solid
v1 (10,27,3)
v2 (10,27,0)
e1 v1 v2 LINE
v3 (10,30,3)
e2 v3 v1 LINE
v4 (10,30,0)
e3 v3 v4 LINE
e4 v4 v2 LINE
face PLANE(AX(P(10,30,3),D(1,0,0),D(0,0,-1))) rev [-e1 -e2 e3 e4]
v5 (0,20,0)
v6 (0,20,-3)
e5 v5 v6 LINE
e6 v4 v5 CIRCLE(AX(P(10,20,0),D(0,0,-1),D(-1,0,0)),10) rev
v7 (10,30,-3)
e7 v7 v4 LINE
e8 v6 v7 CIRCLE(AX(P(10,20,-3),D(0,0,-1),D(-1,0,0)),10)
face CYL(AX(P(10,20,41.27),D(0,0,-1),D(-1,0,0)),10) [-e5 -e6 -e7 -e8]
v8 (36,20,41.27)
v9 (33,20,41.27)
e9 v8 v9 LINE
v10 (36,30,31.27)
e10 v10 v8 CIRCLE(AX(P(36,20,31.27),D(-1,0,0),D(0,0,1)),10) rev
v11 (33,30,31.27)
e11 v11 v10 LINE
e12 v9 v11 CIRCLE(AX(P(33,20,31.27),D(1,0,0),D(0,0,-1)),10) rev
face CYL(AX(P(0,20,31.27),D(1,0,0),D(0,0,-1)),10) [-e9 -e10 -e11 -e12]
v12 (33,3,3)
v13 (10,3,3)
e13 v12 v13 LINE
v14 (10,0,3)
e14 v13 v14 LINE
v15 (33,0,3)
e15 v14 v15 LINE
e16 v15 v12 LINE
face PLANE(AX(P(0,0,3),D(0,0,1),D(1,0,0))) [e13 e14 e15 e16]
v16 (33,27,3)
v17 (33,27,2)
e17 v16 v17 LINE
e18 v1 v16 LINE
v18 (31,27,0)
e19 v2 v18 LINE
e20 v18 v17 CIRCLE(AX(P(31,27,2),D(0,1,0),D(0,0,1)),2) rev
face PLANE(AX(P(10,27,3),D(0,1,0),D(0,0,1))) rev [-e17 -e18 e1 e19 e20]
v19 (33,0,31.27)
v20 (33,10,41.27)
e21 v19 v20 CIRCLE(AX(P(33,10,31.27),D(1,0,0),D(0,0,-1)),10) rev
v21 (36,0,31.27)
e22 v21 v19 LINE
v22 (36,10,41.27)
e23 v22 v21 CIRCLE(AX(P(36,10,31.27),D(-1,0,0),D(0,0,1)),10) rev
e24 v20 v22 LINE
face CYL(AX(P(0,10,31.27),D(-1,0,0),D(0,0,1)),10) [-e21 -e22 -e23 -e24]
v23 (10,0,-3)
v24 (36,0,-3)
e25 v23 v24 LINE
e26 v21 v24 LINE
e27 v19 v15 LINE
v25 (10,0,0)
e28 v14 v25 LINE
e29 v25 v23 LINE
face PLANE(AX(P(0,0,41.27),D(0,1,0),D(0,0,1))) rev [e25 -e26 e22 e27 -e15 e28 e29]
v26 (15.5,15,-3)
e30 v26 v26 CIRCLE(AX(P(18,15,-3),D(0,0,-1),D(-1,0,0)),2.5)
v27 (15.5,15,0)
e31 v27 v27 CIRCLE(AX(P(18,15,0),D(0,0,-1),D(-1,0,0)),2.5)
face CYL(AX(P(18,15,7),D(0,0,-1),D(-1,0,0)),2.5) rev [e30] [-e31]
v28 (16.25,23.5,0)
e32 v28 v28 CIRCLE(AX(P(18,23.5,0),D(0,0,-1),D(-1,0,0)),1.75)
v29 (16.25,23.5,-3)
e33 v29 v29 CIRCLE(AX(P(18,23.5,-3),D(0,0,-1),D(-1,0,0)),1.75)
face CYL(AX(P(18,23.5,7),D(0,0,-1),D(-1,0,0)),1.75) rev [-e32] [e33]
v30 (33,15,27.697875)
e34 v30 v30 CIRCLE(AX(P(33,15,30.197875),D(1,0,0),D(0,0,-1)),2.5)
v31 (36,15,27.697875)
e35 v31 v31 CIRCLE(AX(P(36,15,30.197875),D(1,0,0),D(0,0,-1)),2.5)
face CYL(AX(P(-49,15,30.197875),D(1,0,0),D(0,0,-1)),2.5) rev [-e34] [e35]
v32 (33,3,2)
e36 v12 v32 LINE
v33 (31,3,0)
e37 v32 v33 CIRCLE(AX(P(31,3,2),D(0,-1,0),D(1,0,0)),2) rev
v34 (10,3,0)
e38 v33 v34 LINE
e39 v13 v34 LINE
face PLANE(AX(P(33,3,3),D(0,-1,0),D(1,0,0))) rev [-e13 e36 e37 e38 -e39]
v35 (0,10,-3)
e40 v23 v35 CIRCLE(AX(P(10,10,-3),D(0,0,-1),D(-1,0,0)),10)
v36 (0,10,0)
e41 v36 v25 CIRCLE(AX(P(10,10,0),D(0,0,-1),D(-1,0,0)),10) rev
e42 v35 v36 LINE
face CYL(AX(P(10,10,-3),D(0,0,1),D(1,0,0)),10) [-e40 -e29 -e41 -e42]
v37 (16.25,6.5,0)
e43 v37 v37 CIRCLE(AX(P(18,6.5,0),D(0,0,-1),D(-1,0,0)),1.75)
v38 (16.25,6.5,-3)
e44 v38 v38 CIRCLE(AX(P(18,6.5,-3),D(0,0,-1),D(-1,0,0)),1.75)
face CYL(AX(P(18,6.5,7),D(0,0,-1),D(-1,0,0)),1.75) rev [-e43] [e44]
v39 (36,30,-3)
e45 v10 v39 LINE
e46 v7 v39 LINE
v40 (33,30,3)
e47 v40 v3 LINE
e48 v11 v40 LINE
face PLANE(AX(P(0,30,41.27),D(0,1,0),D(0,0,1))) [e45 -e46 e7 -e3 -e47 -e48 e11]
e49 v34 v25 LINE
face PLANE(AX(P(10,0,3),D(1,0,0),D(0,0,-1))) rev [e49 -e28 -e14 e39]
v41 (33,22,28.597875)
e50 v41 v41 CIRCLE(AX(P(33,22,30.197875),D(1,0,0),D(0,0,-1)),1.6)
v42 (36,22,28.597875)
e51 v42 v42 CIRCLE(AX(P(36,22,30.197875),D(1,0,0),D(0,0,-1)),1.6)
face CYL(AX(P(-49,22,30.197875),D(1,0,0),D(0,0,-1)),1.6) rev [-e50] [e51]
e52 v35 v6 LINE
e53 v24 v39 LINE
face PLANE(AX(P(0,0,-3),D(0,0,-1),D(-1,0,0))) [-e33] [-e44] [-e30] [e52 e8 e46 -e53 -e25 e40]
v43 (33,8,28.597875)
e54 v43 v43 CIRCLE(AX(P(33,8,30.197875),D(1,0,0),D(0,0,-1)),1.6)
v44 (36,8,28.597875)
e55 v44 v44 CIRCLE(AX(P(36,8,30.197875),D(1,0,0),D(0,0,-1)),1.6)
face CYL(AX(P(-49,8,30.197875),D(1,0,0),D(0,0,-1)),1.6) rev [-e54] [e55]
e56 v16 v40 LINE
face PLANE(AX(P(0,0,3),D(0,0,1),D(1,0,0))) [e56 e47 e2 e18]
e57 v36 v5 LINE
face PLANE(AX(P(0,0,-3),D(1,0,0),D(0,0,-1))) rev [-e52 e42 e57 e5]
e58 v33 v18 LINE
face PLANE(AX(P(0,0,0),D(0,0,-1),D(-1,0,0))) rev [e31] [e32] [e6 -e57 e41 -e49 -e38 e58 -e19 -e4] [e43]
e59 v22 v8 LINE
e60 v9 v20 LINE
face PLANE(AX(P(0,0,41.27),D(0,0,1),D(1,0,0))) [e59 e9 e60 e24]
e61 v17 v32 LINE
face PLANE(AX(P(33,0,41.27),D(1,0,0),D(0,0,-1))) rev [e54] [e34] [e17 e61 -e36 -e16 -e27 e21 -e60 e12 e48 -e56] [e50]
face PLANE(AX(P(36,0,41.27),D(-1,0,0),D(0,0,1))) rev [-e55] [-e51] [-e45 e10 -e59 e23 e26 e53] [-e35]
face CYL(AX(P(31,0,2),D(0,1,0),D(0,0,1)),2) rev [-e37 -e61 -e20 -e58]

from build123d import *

# Parameters (mm, degrees)
ESQUISSE1_W             = 3
ESQUISSE1_H             = 30
BOSS_EXTRU_1_DEPTH      = 41.27
ESQUISSE1_3_W           = 36
ESQUISSE1_3_H           = 30
BOSS_EXTRU_2_DEPTH      = 3
ESQUISSE3_R             = 2.5
ESQUISSE3_R_2           = 1.6
ENL_V_MAT_EXTRU_2_DEPTH = 85
CONG_2_R                = 2
CONG_3_R                = 10
ESQUISSE7_R             = 2.5
ESQUISSE7_R_2           = 1.75
ENL_V_MAT_EXTRU_3_DEPTH = 10
ESQUISSE8_W             = 23
ESQUISSE8_H             = 3
BOSS_EXTRU_3_DEPTH      = 3


with BuildPart() as part:
    # Esquisse1 → Boss.-Extru.1 (new body)
    with BuildSketch(Plane.XY):
        with Locations((34.5, 15)):
            Rectangle(ESQUISSE1_W, ESQUISSE1_H)
    extrude(amount=BOSS_EXTRU_1_DEPTH)

    # Esquisse1<3> → Boss.-Extru.2 (add)
    with BuildSketch(Plane.XY):
        with Locations((18, 15)):
            Rectangle(ESQUISSE1_3_W, ESQUISSE1_3_H)
    extrude(amount=-BOSS_EXTRU_2_DEPTH)

    # Esquisse3 → Enlèv. mat.-Extru.2 (cut)
    with BuildSketch(Plane(origin=(36, 0, 0), x_dir=(0, 0, -1), z_dir=(1, 0, 0))):
        with Locations((-30.197874881, 15)):
            Circle(ESQUISSE3_R)
        with Locations((-30.197874881, 22)):
            Circle(ESQUISSE3_R_2)
        with Locations((-30.197874881, 8)):
            Circle(ESQUISSE3_R_2)
    extrude(amount=-ENL_V_MAT_EXTRU_2_DEPTH, mode=Mode.SUBTRACT)

    # Congé2
    cong_2_edges = [part.edges().sort_by_distance(p)[0] for p in [
        (33, 15, 0),
    ]]
    fillet(cong_2_edges, radius=CONG_2_R)

    # Congé3
    cong_3_edges = [part.edges().sort_by_distance(p)[0] for p in [
        (34.5, 0, 41.27),
        (0, 0, -1.5),
        (0, 30, -1.5),
        (34.5, 30, 41.27),
    ]]
    fillet(cong_3_edges, radius=CONG_3_R)

    # Esquisse7 → Enlèv. mat.-Extru.3 (cut)
    with BuildSketch(Plane(origin=(0, 0, -3), x_dir=(-1, 0, 0), z_dir=(0, 0, -1))):
        with Locations((-18, 15)):
            Circle(ESQUISSE7_R)
        with Locations((-18, 23.5)):
            Circle(ESQUISSE7_R_2)
        with Locations((-18, 6.5)):
            Circle(ESQUISSE7_R_2)
    extrude(amount=-ENL_V_MAT_EXTRU_3_DEPTH, mode=Mode.SUBTRACT)

    # Esquisse8 → Boss.-Extru.3 (add)
    with BuildSketch(Plane.XY):
        with Locations((21.5, 28.5)):
            Rectangle(ESQUISSE8_W, ESQUISSE8_H)
        with Locations((21.5, 1.5)):
            Rectangle(ESQUISSE8_W, ESQUISSE8_H)
    extrude(amount=BOSS_EXTRU_3_DEPTH)


solid = part.part
